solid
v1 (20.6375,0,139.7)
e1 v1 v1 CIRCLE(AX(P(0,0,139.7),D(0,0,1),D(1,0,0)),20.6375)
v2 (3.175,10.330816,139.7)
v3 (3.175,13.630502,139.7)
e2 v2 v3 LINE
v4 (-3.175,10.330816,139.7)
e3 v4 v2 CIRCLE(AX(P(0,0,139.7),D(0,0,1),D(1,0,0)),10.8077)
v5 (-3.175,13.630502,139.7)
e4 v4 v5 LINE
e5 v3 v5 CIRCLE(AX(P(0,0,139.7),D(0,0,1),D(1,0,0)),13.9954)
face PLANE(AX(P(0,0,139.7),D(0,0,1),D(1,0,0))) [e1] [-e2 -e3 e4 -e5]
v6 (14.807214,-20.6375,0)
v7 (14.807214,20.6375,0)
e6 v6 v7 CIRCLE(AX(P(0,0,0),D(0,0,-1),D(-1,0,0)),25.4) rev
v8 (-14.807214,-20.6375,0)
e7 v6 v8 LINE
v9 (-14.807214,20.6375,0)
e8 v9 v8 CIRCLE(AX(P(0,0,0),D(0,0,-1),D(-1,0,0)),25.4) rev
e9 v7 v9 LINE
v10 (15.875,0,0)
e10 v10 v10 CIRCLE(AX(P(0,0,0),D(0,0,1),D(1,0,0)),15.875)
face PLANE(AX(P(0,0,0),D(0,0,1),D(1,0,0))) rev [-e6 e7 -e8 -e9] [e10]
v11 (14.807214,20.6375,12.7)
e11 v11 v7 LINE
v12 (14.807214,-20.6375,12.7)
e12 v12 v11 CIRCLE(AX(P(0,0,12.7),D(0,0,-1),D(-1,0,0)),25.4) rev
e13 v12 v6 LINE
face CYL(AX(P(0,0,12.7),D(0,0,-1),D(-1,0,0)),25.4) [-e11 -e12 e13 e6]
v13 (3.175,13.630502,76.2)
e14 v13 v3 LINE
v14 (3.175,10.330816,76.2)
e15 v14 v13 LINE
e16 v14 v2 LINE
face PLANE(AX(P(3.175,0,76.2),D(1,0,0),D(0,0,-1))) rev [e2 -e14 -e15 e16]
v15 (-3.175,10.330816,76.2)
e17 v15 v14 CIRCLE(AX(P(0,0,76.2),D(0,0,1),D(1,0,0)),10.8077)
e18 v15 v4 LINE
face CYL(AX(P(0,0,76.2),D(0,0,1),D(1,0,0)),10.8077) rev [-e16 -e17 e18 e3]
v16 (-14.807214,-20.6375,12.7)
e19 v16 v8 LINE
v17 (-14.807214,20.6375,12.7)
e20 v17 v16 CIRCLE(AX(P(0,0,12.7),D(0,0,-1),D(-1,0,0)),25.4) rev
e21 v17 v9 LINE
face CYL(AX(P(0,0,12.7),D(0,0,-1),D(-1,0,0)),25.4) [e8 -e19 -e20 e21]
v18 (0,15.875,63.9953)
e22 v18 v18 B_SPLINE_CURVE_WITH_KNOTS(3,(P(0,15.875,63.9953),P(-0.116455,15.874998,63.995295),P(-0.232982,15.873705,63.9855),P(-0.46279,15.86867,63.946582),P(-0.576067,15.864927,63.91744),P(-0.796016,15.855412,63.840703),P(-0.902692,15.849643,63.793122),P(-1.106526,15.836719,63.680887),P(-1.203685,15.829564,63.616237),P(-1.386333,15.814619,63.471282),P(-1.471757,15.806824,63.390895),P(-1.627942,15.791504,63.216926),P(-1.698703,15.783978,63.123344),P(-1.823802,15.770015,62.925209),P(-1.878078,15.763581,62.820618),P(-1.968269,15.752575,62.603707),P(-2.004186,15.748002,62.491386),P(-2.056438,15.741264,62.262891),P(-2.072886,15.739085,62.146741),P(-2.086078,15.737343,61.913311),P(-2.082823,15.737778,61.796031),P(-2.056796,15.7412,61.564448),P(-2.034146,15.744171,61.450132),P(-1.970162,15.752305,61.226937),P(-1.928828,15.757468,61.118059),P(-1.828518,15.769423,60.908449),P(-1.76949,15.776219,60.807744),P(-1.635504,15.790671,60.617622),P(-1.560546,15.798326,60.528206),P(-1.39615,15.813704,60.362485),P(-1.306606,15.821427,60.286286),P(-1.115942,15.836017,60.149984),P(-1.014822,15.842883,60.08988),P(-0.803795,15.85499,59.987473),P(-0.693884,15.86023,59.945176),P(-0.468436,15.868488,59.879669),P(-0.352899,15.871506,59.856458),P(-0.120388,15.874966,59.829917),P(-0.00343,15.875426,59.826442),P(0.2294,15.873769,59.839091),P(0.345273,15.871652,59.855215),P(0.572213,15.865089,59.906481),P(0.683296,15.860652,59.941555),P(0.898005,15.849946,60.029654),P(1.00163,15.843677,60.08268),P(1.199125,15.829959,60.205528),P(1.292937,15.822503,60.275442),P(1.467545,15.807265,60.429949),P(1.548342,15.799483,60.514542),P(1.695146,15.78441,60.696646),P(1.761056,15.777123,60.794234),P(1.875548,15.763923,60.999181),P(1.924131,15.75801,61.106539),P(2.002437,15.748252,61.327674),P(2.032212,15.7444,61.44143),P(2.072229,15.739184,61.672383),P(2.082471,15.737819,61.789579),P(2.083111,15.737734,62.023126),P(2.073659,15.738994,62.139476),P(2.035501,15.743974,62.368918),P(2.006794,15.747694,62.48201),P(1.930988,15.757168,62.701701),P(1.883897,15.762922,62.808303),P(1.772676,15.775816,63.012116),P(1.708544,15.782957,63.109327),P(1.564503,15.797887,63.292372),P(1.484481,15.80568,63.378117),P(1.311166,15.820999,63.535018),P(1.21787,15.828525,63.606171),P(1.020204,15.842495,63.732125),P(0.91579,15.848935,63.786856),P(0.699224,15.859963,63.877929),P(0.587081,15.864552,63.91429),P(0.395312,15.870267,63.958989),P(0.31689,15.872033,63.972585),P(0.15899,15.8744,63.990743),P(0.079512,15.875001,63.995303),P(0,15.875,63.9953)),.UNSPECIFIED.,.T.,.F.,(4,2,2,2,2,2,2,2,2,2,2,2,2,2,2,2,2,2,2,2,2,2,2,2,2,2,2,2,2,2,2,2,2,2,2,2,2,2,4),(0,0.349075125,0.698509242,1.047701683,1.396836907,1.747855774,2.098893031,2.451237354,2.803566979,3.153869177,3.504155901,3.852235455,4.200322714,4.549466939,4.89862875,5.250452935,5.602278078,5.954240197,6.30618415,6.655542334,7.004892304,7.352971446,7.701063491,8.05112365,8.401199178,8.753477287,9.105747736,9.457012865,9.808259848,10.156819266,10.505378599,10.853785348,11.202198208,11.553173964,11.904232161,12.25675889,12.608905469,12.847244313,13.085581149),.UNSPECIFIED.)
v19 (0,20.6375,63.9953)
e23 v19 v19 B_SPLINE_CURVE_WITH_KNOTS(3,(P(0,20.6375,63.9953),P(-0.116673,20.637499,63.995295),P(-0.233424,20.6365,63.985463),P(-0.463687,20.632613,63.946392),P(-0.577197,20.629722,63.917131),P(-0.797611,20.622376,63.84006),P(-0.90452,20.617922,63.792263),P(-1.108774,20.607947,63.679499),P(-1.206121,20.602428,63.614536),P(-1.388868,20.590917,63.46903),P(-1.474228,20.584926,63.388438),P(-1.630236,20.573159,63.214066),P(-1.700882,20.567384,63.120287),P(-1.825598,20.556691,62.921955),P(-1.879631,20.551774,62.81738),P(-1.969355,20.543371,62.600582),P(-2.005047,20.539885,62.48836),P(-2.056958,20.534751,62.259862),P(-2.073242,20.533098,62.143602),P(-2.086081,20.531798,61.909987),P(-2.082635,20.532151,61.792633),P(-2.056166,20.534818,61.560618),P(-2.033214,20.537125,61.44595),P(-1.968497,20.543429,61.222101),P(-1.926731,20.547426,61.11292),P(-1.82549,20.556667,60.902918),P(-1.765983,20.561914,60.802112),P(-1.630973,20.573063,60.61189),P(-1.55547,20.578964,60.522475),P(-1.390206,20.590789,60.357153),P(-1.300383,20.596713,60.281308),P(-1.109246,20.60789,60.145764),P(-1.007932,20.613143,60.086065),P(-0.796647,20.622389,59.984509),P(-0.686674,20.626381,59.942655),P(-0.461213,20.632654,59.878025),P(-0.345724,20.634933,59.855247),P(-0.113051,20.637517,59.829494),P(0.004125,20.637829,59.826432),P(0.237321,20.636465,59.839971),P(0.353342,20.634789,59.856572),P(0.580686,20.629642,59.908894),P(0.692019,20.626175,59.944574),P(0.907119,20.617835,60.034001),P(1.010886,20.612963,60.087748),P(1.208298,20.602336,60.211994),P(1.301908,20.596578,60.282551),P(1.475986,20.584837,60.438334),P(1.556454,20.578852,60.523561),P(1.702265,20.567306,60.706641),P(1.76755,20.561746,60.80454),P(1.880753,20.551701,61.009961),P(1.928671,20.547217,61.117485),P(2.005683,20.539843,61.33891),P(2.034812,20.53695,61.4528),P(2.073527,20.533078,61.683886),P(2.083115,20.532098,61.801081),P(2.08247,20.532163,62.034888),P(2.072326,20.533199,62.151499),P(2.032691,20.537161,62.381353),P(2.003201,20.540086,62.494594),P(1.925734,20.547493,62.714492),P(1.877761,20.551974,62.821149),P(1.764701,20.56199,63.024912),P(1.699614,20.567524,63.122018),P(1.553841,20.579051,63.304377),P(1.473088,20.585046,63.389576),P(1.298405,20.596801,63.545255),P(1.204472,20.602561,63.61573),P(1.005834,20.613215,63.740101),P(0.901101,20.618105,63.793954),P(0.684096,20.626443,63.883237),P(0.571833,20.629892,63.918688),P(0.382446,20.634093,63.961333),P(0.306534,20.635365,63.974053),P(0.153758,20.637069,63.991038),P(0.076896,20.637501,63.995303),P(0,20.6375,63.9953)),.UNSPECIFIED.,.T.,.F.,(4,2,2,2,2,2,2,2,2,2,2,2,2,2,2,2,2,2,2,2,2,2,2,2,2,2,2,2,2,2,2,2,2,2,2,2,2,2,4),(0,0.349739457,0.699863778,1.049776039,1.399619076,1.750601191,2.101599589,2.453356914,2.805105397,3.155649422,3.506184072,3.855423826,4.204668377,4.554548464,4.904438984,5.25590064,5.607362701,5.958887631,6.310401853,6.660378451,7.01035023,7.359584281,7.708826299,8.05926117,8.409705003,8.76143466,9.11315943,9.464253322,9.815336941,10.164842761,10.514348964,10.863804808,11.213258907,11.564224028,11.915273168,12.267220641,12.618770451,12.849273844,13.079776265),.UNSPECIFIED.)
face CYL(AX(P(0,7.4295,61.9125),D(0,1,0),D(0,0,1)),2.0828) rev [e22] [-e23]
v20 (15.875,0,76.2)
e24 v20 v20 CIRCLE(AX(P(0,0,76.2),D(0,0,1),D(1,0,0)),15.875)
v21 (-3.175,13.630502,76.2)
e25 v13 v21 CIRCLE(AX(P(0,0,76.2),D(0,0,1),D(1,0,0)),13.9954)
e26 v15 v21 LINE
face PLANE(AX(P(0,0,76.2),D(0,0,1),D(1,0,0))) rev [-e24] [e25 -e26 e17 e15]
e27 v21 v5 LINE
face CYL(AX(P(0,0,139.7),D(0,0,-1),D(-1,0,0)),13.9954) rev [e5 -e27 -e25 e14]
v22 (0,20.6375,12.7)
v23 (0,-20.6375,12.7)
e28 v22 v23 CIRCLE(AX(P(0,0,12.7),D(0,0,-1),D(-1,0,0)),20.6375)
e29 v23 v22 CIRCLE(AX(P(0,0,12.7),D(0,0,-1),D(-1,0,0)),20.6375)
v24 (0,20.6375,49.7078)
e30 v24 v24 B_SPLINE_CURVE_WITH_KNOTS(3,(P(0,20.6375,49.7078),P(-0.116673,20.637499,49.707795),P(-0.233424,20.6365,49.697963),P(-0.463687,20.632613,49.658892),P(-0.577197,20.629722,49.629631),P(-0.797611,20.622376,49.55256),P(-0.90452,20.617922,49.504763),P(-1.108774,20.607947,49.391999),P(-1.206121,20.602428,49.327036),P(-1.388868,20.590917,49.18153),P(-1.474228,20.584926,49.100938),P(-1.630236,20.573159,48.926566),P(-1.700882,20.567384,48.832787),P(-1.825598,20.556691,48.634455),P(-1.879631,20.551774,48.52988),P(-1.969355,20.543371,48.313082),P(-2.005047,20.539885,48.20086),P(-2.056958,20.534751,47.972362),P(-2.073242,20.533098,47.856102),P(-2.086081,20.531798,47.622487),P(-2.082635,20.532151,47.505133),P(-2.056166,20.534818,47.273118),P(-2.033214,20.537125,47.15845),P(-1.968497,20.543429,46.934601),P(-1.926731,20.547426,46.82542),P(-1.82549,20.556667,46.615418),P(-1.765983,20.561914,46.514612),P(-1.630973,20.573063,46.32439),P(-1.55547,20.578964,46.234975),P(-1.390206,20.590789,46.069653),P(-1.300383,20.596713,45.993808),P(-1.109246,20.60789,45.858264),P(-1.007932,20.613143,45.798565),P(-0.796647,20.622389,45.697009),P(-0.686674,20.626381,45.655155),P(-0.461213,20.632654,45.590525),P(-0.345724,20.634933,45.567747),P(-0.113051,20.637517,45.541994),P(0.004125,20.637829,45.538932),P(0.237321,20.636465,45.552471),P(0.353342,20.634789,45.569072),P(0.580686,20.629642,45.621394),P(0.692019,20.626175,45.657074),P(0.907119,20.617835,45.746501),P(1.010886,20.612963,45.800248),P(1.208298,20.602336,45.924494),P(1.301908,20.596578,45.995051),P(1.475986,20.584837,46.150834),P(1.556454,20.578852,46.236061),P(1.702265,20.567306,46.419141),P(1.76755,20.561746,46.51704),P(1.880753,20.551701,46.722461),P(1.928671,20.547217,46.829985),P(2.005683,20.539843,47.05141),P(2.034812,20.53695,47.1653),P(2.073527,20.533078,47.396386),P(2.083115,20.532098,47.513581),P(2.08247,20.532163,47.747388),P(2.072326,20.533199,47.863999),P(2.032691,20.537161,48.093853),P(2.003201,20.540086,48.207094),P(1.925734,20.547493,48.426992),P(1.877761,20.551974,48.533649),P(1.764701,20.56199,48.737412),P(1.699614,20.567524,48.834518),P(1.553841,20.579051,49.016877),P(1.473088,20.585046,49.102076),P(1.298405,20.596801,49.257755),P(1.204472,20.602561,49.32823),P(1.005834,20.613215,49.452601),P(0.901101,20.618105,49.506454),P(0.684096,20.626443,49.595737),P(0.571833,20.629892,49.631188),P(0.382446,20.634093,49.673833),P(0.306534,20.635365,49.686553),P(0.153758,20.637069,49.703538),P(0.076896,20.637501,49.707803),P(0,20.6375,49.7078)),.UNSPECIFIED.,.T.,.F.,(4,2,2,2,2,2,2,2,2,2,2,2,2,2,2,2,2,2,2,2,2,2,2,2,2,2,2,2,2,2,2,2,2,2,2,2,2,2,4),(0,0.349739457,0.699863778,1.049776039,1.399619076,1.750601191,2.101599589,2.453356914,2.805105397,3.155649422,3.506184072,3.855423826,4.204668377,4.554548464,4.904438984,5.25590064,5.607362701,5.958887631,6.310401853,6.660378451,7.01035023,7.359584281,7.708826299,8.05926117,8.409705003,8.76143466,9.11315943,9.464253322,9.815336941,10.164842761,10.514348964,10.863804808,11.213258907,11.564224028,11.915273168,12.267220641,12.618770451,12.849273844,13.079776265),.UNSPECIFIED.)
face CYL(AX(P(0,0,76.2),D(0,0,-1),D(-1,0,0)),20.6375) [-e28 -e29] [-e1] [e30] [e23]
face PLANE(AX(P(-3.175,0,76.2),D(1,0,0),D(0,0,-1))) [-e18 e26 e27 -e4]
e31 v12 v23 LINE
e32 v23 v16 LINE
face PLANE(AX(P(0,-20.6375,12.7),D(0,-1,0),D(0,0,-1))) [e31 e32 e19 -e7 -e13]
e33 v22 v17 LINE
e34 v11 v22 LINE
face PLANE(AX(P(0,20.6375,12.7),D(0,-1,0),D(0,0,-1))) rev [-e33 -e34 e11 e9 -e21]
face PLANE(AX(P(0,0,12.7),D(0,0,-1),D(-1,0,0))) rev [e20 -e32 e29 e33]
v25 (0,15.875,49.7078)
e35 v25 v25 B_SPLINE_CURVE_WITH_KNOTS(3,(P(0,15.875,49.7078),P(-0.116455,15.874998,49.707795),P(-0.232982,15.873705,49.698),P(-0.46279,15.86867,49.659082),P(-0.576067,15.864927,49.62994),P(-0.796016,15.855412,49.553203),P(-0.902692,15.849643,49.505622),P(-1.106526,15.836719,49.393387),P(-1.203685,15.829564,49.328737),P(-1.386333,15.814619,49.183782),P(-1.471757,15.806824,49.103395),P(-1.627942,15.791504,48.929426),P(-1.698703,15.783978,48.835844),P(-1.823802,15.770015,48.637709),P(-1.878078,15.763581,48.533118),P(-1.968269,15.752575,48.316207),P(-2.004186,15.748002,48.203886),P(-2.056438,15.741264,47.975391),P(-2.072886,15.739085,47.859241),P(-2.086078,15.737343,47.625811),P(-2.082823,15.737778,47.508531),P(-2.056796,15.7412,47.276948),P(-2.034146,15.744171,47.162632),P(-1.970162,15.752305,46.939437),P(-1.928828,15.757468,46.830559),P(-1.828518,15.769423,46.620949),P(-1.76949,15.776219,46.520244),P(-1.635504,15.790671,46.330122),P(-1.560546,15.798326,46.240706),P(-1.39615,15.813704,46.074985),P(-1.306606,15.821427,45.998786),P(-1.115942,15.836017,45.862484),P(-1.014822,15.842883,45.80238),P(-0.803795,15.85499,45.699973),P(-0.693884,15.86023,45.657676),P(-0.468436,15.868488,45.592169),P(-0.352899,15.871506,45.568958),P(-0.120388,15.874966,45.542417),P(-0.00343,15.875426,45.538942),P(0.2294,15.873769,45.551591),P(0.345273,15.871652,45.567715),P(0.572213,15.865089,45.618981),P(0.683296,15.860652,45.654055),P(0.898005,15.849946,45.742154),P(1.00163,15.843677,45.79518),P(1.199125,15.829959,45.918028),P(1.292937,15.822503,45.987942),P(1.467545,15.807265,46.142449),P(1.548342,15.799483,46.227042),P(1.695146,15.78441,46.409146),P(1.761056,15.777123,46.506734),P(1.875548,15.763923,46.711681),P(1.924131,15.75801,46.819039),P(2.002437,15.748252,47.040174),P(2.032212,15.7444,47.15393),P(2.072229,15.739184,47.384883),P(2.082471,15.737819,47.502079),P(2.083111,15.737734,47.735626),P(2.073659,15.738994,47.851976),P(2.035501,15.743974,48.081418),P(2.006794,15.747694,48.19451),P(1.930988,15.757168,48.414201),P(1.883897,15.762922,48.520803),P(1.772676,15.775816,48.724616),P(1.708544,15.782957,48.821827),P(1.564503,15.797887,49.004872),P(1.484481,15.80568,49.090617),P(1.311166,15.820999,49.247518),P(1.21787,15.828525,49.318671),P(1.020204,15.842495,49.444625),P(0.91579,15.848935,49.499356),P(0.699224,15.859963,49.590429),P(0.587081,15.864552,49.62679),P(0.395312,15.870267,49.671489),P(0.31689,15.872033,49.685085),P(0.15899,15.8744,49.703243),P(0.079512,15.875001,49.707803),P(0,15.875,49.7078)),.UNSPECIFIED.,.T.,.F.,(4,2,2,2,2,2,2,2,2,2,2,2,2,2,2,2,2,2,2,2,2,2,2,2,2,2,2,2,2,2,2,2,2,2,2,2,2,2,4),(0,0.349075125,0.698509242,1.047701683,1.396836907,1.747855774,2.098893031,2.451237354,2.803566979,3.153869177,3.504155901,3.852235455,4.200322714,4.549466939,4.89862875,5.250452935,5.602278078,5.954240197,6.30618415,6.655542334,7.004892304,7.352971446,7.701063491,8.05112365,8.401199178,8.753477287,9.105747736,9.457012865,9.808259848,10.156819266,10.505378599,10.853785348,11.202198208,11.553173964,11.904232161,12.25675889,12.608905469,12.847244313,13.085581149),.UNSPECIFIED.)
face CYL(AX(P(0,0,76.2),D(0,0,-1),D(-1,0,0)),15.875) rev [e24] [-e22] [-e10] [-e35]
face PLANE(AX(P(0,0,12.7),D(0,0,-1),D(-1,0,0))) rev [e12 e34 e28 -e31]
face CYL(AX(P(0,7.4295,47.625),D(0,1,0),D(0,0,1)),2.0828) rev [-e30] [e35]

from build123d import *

# Parameters (mm, degrees)
SKETCH1_R           = 20.6375
SKETCH1_R_2         = 15.875
BOSS_EXTRUDE1_DEPTH = 76.2
SKETCH2_R           = 20.6375
SKETCH2_R_2         = 13.9954
BOSS_EXTRUDE2_DEPTH = 63.5
BOSS_EXTRUDE3_DEPTH = 12.7
BOSS_EXTRUDE4_START = -63.5
BOSS_EXTRUDE4_DEPTH = 63.5
SKETCH5_R           = 2.0828
CUT_EXTRUDE1_DEPTH  = 13.208


with BuildPart() as part:
    # Sketch1 → Boss-Extrude1 (new body)
    with BuildSketch(Plane.XY):
        Circle(SKETCH1_R)
        Circle(SKETCH1_R_2, mode=Mode.SUBTRACT)
    extrude(amount=BOSS_EXTRUDE1_DEPTH)

    # Sketch2 → Boss-Extrude2 (add)
    with BuildSketch(Plane.XY.offset(76.2)):
        Circle(SKETCH2_R)
        Circle(SKETCH2_R_2, mode=Mode.SUBTRACT)
    extrude(amount=BOSS_EXTRUDE2_DEPTH)

    # Sketch3 → Boss-Extrude3 (add)
    with BuildSketch(Plane.XY):
        with BuildLine():
            ThreePointArc((14.807214247, -20.6375), (25.4, 0), (14.807214247, 20.6375))
            Line((14.807214247, 20.6375), (0, 20.6375))
            ThreePointArc((0, 20.6375), (20.6375, 3.1e-08), (6.2e-08, -20.6375))
            Line((6.2e-08, -20.6375), (14.807214247, -20.6375))
        make_face()
        with BuildLine():
            ThreePointArc((6.2e-08, -20.6375), (-20.6375, -3.1e-08), (0, 20.6375))
            Line((0, 20.6375), (-14.807214247, 20.6375))
            ThreePointArc((-14.807214247, 20.6375), (-25.4, 0), (-14.807214247, -20.6375))
            Line((-14.807214247, -20.6375), (6.2e-08, -20.6375))
        make_face()
    extrude(amount=BOSS_EXTRUDE3_DEPTH)

    # Sketch4 → Boss-Extrude4 (add)
    with BuildSketch(Plane.XY.offset(139.7).offset(BOSS_EXTRUDE4_START)):
        with BuildLine():
            ThreePointArc((10.8077, 0), (-6.422302227, -8.692549304), (-3.175, 10.330815761))
            Line((-3.175, 10.330815761), (-3.175, 13.630502418))
            ThreePointArc((-3.175, 13.630502418), (-8.701604052, -10.961446441), (13.9954, 0))
            ThreePointArc((13.9954, 0), (10.961446441, 8.701604052), (3.175, 13.630502418))
            Line((3.175, 13.630502418), (3.175, 10.330815761))
            ThreePointArc((3.175, 10.330815761), (8.692549304, 6.422302227), (10.8077, 0))
        make_face()
    extrude(amount=BOSS_EXTRUDE4_DEPTH)

    # Sketch5 → Cut-Extrude1 (cut)
    with BuildSketch(Plane(origin=(0, 20.6375, 0), x_dir=(1, 0, 0), z_dir=(0, 1, 0))):
        with Locations((0, -47.625)):
            Circle(SKETCH5_R)
        with Locations((0, -61.9125)):
            Circle(SKETCH5_R)
    extrude(amount=-CUT_EXTRUDE1_DEPTH, mode=Mode.SUBTRACT)


solid = part.part
